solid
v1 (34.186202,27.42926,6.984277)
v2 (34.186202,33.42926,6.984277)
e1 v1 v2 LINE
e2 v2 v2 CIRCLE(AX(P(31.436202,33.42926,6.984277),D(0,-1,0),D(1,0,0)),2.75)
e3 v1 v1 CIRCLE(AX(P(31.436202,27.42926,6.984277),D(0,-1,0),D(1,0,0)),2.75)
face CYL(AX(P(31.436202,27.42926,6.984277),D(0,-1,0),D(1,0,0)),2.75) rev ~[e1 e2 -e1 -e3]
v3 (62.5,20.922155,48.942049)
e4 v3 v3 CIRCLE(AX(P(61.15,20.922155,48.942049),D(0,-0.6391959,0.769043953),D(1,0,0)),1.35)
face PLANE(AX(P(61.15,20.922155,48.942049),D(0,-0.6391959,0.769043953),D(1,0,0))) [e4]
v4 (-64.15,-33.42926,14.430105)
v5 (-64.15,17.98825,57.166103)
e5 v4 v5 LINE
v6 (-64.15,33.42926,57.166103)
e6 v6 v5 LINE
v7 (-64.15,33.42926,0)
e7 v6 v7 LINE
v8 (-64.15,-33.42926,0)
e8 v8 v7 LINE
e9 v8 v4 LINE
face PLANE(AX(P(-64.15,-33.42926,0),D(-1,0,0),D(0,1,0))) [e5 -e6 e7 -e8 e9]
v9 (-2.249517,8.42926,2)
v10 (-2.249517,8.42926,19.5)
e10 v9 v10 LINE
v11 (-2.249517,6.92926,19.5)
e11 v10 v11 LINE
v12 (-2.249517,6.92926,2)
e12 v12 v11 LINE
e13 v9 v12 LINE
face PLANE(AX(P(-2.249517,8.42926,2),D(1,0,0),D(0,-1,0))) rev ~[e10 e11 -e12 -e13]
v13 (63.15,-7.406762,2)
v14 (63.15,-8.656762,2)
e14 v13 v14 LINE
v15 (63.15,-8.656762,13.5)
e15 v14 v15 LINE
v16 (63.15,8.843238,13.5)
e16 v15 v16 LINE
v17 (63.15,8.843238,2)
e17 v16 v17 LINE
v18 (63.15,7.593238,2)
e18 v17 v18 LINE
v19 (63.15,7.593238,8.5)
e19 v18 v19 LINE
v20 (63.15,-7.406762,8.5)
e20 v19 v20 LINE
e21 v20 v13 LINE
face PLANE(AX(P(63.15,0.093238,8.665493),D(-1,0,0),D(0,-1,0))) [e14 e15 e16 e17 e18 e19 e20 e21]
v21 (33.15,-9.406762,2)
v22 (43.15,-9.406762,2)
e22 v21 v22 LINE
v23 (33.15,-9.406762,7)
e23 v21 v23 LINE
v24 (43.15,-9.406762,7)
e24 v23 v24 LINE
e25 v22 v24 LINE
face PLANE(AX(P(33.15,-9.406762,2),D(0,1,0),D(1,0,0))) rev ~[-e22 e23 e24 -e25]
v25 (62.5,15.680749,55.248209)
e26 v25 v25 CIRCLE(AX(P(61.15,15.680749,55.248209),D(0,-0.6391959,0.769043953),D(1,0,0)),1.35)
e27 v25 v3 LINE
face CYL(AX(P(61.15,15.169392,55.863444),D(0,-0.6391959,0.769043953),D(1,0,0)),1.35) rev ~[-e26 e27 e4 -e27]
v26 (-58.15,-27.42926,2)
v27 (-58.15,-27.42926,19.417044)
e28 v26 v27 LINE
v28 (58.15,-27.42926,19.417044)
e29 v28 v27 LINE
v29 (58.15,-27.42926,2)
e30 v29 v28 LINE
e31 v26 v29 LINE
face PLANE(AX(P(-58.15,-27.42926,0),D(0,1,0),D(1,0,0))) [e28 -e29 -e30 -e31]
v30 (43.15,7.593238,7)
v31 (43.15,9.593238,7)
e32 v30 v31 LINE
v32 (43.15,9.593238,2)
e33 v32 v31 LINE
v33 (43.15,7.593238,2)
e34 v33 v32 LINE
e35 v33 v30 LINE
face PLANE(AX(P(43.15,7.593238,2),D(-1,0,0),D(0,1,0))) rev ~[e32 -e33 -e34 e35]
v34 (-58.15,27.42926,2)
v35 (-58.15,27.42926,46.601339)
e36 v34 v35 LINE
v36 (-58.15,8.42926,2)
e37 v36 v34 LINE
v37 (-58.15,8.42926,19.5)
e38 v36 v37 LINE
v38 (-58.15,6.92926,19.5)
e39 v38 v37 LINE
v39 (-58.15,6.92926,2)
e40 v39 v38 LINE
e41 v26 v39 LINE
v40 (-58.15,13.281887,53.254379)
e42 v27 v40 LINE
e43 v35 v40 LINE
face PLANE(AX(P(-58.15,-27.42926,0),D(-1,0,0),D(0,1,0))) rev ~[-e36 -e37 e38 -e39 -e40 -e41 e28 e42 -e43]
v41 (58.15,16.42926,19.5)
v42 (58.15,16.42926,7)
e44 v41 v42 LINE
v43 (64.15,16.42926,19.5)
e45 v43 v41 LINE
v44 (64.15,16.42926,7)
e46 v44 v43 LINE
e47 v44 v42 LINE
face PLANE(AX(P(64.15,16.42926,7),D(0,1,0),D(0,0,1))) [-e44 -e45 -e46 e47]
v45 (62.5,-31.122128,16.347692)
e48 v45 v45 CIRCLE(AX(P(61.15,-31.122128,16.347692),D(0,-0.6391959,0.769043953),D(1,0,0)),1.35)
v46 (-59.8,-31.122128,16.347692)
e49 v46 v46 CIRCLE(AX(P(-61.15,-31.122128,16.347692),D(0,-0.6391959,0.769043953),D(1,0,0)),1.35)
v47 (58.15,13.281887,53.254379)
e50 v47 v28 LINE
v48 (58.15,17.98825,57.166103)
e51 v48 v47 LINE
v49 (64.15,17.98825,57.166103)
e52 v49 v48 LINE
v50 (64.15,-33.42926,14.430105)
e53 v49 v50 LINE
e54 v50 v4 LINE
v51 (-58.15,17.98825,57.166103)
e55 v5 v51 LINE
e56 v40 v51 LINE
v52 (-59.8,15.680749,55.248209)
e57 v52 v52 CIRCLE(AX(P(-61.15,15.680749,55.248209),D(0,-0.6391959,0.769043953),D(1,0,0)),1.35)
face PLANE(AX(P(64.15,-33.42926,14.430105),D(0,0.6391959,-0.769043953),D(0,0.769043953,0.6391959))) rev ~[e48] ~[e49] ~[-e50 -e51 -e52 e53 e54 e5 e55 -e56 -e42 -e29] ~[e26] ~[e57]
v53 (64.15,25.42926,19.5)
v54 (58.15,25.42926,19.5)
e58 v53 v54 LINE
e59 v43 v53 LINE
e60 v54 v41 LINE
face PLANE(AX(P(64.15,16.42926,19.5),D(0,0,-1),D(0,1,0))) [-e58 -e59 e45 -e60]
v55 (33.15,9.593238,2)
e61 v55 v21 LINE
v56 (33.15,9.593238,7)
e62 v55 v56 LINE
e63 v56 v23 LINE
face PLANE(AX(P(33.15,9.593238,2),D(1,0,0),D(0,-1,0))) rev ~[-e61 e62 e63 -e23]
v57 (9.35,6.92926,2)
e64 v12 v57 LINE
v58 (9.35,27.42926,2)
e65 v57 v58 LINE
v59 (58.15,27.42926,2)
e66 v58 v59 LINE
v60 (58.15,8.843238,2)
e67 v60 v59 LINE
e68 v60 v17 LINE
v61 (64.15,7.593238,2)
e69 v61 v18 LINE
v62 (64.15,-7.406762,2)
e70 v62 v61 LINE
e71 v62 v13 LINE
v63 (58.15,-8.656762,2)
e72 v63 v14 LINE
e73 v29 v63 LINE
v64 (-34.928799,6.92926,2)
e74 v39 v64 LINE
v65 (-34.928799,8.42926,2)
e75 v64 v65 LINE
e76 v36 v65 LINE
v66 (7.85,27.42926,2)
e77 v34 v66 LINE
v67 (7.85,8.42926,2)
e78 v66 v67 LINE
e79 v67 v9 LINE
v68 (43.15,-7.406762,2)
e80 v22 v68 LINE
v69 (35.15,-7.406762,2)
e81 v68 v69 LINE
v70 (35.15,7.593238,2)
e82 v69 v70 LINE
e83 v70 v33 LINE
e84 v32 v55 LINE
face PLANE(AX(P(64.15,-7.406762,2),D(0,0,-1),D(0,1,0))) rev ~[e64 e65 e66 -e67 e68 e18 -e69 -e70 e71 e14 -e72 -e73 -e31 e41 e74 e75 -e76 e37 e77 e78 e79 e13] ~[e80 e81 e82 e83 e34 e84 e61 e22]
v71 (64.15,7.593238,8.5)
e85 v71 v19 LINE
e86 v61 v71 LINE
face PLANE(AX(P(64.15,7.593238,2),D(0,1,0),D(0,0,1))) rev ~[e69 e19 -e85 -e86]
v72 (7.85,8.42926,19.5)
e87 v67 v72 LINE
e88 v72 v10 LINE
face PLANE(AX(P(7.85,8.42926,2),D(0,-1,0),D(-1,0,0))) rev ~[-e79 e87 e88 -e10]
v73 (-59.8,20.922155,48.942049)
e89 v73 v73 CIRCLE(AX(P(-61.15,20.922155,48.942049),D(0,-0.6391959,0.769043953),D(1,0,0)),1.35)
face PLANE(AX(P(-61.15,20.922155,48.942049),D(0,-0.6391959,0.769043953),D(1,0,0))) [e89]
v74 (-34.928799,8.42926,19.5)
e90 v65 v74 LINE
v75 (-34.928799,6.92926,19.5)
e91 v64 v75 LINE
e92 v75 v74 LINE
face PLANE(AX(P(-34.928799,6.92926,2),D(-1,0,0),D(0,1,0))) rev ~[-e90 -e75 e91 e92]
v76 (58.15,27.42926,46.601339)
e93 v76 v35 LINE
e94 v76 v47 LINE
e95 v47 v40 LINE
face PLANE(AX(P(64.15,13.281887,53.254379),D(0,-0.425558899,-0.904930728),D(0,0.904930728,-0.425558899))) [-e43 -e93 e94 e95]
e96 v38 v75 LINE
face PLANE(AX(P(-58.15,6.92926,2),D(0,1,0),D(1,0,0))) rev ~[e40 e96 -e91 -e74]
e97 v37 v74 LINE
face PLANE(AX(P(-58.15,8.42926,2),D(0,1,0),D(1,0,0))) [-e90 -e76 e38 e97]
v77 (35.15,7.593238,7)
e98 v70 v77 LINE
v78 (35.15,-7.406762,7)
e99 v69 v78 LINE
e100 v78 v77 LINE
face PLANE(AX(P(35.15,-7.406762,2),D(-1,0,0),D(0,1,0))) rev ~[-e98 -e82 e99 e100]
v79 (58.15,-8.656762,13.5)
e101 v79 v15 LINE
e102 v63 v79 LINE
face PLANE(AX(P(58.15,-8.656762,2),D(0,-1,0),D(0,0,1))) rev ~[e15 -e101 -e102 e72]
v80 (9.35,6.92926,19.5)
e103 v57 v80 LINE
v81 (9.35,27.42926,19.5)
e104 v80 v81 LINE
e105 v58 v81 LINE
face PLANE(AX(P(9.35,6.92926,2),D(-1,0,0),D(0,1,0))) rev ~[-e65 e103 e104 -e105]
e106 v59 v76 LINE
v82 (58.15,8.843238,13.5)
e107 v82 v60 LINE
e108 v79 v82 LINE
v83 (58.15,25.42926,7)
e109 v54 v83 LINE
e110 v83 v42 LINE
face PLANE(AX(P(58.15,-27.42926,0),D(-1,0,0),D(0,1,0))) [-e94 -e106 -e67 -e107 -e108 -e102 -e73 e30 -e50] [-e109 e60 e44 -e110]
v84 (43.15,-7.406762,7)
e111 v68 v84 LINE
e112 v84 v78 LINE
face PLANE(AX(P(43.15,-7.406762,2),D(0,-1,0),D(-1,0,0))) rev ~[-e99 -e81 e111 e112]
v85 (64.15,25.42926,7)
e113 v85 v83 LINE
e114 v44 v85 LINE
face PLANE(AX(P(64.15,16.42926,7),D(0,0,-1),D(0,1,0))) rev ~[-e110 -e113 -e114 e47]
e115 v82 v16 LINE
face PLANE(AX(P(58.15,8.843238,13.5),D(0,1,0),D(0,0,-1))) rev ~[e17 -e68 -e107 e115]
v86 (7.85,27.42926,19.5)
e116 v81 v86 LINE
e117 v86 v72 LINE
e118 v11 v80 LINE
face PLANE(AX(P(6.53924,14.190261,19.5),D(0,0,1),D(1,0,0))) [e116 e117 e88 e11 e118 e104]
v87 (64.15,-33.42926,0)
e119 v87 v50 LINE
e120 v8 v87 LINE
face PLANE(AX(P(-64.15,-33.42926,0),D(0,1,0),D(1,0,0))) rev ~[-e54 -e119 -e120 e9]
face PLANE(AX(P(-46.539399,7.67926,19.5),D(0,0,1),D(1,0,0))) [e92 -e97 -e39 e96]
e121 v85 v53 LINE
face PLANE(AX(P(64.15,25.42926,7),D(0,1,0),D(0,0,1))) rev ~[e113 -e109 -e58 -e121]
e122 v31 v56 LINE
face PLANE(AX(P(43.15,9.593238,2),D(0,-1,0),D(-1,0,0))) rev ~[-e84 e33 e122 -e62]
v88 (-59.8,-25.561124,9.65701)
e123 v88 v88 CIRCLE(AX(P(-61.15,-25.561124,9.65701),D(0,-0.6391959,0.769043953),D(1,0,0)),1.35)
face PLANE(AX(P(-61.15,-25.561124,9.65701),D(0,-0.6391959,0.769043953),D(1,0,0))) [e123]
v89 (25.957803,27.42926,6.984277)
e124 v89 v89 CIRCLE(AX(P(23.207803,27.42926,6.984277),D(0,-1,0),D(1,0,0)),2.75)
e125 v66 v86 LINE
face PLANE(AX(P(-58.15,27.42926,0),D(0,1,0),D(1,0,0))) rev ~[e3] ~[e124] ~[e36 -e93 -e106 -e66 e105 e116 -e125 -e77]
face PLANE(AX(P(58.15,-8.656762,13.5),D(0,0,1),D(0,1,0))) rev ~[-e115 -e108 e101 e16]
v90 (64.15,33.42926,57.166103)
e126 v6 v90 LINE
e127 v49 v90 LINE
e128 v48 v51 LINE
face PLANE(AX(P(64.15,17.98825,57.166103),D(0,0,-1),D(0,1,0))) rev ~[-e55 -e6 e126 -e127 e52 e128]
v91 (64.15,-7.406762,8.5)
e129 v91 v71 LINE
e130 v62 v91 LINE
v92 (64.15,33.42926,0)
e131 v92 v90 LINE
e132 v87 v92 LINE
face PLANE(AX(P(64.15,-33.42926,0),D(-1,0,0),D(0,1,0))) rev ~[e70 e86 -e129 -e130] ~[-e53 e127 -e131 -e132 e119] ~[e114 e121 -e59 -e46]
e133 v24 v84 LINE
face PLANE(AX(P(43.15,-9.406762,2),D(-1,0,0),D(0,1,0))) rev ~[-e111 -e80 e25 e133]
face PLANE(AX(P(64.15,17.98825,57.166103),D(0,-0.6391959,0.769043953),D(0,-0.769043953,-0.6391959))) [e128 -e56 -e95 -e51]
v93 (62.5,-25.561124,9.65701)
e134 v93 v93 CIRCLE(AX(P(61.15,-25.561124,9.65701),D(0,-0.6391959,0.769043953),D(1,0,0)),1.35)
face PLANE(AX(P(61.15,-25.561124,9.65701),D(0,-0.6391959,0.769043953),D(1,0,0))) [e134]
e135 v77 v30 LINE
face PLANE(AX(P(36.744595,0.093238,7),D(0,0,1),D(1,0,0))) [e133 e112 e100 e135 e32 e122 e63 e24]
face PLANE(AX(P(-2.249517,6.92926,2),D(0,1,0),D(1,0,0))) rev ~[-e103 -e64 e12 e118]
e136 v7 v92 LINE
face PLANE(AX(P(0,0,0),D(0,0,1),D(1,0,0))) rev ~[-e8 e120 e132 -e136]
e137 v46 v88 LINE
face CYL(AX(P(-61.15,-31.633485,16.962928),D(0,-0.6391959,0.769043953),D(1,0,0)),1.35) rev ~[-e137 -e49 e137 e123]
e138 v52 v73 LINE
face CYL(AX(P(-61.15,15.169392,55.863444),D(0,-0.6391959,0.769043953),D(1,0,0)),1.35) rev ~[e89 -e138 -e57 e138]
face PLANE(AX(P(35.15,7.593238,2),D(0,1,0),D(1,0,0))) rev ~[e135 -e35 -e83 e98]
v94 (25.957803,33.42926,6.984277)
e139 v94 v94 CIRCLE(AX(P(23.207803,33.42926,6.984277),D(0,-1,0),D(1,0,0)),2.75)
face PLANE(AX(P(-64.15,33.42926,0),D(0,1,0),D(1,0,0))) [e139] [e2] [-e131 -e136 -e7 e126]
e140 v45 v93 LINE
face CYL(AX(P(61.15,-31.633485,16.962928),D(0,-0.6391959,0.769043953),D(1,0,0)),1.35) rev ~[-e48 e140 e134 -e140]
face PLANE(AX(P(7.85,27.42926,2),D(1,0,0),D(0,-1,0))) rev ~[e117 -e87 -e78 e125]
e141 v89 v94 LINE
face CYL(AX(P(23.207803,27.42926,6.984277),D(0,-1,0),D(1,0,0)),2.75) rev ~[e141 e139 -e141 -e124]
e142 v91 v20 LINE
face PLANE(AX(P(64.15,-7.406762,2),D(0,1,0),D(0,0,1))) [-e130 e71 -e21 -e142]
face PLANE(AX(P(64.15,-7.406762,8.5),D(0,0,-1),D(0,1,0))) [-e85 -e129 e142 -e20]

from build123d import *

# Parameters (mm, degrees)
F0_W      = 128.3
F0_H      = 66.85852
F0_W_2    = 116.3
F0_H_2    = 54.85852
F1_DEPTH  = 70
F2_DEPTH  = 2
F4_DEPTH  = 130
F5_W      = 9
F5_H      = 12.5
F6_DEPTH  = 7
F5_W_2    = 15
F5_H_2    = 6.5
F7_DEPTH  = 7
F9_DEPTH  = 5
F11_DEPTH = 5
F12_W     = 23.2212013245
F12_H     = 1.5
F13_DEPTH = 17.5
F15_R     = 1.35
F16_DEPTH = 9.5
F18_DEPTH = 141.4
F19_DEPTH = 133.9
F21_DEPTH = 128.26
F22_DEPTH = 9
F23_R     = 2.75
F24_DEPTH = 25


with BuildPart() as f1:
    # F0 (on Top) → F1 (new body)
    with BuildSketch(Plane.XY):
        Rectangle(F0_W, F0_H)
        Rectangle(F0_W_2, F0_H_2, mode=Mode.SUBTRACT)
    extrude(amount=F1_DEPTH)

    # F0 (on Top) → F2 (join)
    with BuildSketch(Plane.XY):
        Rectangle(F0_W_2, F0_H_2)
    extrude(amount=F2_DEPTH)

    # F3 (on face) → F4 (cut)
    with BuildSketch(Plane.YZ.offset(64.15)):
        Polygon((-33.42926, 14.4301047549), (33.42926, 70), (-33.42926, 70), align=None)
    extrude(amount=-F4_DEPTH, mode=Mode.SUBTRACT)

    # F5 (on face) → F6 (cut)
    with BuildSketch(Plane.YZ.offset(64.15)):
        with Locations((20.92926, 13.25)):
            Rectangle(F5_W, F5_H)
    extrude(amount=-F6_DEPTH, mode=Mode.SUBTRACT)

    # F5 (on face) → F7 (cut)
    with BuildSketch(Plane.YZ.offset(64.15)):
        with Locations((0.0932381302, 5.25)):
            Rectangle(F5_W_2, F5_H_2)
    extrude(amount=-F7_DEPTH, mode=Mode.SUBTRACT)

    # F8 (on face) → F9 (cut)
    with BuildSketch(Plane(origin=(58.15, 0, 0), x_dir=(0, -1, 0), z_dir=(-1, 0, 0))):
        Polygon((-8.8432381302, 13.5), (-8.8432381302, 2), (-7.5932381302, 2), (-7.5932381302, 8.5), (7.4067618698, 8.5), (7.4067618698, 2), (8.6567618698, 2), (8.6567618698, 13.5), align=None)
    extrude(amount=-F9_DEPTH, mode=Mode.SUBTRACT)

    # F10 (on face) → F11 (join)
    with BuildSketch(Plane.XY.offset(2)):
        Polygon((33.15, 9.5932381302), (33.15, 7.5932381302), (33.15, -7.4067618698), (33.15, -9.4067618698), (43.15, -9.4067618698), (43.15, -7.4067618698), (35.15, -7.4067618698), (35.15, 7.5932381302), (43.15, 7.5932381302), (43.15, 9.5932381302), align=None)
    extrude(amount=F11_DEPTH)

    # F12 (on face) → F13 (join)
    with BuildSketch(Plane.XY.offset(2)):
        with Locations((-46.5393993378, 7.67926)):
            Rectangle(F12_W, F12_H)
        Polygon((9.35, 27.42926), (7.85, 27.42926), (7.85, 8.42926), (-2.2495171815, 8.42926), (-2.2495171815, 6.92926), (9.35, 6.92926), (9.35, 8.42926), align=None)
    extrude(amount=F13_DEPTH)

    # F15 (on offset) → F16 (cut)
    with BuildSketch(Plane(origin=(0, -21.2629991115, 25.582424532), x_dir=(1, 0, 0), z_dir=(0, -0.6391959003, 0.7690439526))):
        with Locations((-61.15, -13.4849064425)):
            Circle(F15_R)
        with Locations((61.15, -13.4849064425)):
            Circle(F15_R)
    extrude(amount=-F16_DEPTH, mode=Mode.SUBTRACT)

    # F17 (on face) → F18 (cut)
    with BuildSketch(Plane.YZ.offset(64.15)):
        Polygon((92.054369559, 57.1661034537), (92.054369559, 115.2663065398), (-2.9636703822, 115.2663065398), (-2.9636703822, 57.1661034537), (17.9882496267, 57.1661034537), (33.42926, 70), (33.42926, 57.1661034537), align=None)
    extrude(amount=-F18_DEPTH, mode=Mode.SUBTRACT)

    # F17 (on face) → F19 (cut)
    with BuildSketch(Plane.YZ.offset(64.15)):
        Polygon((17.9882496267, 57.1661034537), (33.42926, 57.1661034537), (33.42926, 70), align=None)
    extrude(amount=-F19_DEPTH, mode=Mode.SUBTRACT)

    # F20 (on face) → F21 (join)
    with BuildSketch(Plane.YZ.offset(64.15)):
        Polygon((17.9882496267, 57.1661034537), (13.2818869306, 53.254379383), (33.42926, 43.7797382474), (33.42926, 57.1661034537), align=None)
    extrude(amount=-F21_DEPTH)

    # F15 (on offset) → F22 (cut)
    with BuildSketch(Plane(origin=(0, -21.2629991115, 25.582424532), x_dir=(1, 0, 0), z_dir=(0, -0.6391959003, 0.7690439526))):
        with Locations((61.15, 47.3736135575)):
            Circle(F15_R)
        with Locations((-61.15, 47.3736135575)):
            Circle(F15_R)
    extrude(amount=-F22_DEPTH, mode=Mode.SUBTRACT)

    # F23 (on face) → F24 (cut)
    with BuildSketch(Plane.XZ.offset(-27.42926)):
        with Locations((23.2078029529, 6.984276909)):
            Circle(F23_R)
        with Locations((31.4362019996, 6.984276909)):
            Circle(F23_R)
    extrude(amount=-F24_DEPTH, mode=Mode.SUBTRACT)


solid = f1.part
